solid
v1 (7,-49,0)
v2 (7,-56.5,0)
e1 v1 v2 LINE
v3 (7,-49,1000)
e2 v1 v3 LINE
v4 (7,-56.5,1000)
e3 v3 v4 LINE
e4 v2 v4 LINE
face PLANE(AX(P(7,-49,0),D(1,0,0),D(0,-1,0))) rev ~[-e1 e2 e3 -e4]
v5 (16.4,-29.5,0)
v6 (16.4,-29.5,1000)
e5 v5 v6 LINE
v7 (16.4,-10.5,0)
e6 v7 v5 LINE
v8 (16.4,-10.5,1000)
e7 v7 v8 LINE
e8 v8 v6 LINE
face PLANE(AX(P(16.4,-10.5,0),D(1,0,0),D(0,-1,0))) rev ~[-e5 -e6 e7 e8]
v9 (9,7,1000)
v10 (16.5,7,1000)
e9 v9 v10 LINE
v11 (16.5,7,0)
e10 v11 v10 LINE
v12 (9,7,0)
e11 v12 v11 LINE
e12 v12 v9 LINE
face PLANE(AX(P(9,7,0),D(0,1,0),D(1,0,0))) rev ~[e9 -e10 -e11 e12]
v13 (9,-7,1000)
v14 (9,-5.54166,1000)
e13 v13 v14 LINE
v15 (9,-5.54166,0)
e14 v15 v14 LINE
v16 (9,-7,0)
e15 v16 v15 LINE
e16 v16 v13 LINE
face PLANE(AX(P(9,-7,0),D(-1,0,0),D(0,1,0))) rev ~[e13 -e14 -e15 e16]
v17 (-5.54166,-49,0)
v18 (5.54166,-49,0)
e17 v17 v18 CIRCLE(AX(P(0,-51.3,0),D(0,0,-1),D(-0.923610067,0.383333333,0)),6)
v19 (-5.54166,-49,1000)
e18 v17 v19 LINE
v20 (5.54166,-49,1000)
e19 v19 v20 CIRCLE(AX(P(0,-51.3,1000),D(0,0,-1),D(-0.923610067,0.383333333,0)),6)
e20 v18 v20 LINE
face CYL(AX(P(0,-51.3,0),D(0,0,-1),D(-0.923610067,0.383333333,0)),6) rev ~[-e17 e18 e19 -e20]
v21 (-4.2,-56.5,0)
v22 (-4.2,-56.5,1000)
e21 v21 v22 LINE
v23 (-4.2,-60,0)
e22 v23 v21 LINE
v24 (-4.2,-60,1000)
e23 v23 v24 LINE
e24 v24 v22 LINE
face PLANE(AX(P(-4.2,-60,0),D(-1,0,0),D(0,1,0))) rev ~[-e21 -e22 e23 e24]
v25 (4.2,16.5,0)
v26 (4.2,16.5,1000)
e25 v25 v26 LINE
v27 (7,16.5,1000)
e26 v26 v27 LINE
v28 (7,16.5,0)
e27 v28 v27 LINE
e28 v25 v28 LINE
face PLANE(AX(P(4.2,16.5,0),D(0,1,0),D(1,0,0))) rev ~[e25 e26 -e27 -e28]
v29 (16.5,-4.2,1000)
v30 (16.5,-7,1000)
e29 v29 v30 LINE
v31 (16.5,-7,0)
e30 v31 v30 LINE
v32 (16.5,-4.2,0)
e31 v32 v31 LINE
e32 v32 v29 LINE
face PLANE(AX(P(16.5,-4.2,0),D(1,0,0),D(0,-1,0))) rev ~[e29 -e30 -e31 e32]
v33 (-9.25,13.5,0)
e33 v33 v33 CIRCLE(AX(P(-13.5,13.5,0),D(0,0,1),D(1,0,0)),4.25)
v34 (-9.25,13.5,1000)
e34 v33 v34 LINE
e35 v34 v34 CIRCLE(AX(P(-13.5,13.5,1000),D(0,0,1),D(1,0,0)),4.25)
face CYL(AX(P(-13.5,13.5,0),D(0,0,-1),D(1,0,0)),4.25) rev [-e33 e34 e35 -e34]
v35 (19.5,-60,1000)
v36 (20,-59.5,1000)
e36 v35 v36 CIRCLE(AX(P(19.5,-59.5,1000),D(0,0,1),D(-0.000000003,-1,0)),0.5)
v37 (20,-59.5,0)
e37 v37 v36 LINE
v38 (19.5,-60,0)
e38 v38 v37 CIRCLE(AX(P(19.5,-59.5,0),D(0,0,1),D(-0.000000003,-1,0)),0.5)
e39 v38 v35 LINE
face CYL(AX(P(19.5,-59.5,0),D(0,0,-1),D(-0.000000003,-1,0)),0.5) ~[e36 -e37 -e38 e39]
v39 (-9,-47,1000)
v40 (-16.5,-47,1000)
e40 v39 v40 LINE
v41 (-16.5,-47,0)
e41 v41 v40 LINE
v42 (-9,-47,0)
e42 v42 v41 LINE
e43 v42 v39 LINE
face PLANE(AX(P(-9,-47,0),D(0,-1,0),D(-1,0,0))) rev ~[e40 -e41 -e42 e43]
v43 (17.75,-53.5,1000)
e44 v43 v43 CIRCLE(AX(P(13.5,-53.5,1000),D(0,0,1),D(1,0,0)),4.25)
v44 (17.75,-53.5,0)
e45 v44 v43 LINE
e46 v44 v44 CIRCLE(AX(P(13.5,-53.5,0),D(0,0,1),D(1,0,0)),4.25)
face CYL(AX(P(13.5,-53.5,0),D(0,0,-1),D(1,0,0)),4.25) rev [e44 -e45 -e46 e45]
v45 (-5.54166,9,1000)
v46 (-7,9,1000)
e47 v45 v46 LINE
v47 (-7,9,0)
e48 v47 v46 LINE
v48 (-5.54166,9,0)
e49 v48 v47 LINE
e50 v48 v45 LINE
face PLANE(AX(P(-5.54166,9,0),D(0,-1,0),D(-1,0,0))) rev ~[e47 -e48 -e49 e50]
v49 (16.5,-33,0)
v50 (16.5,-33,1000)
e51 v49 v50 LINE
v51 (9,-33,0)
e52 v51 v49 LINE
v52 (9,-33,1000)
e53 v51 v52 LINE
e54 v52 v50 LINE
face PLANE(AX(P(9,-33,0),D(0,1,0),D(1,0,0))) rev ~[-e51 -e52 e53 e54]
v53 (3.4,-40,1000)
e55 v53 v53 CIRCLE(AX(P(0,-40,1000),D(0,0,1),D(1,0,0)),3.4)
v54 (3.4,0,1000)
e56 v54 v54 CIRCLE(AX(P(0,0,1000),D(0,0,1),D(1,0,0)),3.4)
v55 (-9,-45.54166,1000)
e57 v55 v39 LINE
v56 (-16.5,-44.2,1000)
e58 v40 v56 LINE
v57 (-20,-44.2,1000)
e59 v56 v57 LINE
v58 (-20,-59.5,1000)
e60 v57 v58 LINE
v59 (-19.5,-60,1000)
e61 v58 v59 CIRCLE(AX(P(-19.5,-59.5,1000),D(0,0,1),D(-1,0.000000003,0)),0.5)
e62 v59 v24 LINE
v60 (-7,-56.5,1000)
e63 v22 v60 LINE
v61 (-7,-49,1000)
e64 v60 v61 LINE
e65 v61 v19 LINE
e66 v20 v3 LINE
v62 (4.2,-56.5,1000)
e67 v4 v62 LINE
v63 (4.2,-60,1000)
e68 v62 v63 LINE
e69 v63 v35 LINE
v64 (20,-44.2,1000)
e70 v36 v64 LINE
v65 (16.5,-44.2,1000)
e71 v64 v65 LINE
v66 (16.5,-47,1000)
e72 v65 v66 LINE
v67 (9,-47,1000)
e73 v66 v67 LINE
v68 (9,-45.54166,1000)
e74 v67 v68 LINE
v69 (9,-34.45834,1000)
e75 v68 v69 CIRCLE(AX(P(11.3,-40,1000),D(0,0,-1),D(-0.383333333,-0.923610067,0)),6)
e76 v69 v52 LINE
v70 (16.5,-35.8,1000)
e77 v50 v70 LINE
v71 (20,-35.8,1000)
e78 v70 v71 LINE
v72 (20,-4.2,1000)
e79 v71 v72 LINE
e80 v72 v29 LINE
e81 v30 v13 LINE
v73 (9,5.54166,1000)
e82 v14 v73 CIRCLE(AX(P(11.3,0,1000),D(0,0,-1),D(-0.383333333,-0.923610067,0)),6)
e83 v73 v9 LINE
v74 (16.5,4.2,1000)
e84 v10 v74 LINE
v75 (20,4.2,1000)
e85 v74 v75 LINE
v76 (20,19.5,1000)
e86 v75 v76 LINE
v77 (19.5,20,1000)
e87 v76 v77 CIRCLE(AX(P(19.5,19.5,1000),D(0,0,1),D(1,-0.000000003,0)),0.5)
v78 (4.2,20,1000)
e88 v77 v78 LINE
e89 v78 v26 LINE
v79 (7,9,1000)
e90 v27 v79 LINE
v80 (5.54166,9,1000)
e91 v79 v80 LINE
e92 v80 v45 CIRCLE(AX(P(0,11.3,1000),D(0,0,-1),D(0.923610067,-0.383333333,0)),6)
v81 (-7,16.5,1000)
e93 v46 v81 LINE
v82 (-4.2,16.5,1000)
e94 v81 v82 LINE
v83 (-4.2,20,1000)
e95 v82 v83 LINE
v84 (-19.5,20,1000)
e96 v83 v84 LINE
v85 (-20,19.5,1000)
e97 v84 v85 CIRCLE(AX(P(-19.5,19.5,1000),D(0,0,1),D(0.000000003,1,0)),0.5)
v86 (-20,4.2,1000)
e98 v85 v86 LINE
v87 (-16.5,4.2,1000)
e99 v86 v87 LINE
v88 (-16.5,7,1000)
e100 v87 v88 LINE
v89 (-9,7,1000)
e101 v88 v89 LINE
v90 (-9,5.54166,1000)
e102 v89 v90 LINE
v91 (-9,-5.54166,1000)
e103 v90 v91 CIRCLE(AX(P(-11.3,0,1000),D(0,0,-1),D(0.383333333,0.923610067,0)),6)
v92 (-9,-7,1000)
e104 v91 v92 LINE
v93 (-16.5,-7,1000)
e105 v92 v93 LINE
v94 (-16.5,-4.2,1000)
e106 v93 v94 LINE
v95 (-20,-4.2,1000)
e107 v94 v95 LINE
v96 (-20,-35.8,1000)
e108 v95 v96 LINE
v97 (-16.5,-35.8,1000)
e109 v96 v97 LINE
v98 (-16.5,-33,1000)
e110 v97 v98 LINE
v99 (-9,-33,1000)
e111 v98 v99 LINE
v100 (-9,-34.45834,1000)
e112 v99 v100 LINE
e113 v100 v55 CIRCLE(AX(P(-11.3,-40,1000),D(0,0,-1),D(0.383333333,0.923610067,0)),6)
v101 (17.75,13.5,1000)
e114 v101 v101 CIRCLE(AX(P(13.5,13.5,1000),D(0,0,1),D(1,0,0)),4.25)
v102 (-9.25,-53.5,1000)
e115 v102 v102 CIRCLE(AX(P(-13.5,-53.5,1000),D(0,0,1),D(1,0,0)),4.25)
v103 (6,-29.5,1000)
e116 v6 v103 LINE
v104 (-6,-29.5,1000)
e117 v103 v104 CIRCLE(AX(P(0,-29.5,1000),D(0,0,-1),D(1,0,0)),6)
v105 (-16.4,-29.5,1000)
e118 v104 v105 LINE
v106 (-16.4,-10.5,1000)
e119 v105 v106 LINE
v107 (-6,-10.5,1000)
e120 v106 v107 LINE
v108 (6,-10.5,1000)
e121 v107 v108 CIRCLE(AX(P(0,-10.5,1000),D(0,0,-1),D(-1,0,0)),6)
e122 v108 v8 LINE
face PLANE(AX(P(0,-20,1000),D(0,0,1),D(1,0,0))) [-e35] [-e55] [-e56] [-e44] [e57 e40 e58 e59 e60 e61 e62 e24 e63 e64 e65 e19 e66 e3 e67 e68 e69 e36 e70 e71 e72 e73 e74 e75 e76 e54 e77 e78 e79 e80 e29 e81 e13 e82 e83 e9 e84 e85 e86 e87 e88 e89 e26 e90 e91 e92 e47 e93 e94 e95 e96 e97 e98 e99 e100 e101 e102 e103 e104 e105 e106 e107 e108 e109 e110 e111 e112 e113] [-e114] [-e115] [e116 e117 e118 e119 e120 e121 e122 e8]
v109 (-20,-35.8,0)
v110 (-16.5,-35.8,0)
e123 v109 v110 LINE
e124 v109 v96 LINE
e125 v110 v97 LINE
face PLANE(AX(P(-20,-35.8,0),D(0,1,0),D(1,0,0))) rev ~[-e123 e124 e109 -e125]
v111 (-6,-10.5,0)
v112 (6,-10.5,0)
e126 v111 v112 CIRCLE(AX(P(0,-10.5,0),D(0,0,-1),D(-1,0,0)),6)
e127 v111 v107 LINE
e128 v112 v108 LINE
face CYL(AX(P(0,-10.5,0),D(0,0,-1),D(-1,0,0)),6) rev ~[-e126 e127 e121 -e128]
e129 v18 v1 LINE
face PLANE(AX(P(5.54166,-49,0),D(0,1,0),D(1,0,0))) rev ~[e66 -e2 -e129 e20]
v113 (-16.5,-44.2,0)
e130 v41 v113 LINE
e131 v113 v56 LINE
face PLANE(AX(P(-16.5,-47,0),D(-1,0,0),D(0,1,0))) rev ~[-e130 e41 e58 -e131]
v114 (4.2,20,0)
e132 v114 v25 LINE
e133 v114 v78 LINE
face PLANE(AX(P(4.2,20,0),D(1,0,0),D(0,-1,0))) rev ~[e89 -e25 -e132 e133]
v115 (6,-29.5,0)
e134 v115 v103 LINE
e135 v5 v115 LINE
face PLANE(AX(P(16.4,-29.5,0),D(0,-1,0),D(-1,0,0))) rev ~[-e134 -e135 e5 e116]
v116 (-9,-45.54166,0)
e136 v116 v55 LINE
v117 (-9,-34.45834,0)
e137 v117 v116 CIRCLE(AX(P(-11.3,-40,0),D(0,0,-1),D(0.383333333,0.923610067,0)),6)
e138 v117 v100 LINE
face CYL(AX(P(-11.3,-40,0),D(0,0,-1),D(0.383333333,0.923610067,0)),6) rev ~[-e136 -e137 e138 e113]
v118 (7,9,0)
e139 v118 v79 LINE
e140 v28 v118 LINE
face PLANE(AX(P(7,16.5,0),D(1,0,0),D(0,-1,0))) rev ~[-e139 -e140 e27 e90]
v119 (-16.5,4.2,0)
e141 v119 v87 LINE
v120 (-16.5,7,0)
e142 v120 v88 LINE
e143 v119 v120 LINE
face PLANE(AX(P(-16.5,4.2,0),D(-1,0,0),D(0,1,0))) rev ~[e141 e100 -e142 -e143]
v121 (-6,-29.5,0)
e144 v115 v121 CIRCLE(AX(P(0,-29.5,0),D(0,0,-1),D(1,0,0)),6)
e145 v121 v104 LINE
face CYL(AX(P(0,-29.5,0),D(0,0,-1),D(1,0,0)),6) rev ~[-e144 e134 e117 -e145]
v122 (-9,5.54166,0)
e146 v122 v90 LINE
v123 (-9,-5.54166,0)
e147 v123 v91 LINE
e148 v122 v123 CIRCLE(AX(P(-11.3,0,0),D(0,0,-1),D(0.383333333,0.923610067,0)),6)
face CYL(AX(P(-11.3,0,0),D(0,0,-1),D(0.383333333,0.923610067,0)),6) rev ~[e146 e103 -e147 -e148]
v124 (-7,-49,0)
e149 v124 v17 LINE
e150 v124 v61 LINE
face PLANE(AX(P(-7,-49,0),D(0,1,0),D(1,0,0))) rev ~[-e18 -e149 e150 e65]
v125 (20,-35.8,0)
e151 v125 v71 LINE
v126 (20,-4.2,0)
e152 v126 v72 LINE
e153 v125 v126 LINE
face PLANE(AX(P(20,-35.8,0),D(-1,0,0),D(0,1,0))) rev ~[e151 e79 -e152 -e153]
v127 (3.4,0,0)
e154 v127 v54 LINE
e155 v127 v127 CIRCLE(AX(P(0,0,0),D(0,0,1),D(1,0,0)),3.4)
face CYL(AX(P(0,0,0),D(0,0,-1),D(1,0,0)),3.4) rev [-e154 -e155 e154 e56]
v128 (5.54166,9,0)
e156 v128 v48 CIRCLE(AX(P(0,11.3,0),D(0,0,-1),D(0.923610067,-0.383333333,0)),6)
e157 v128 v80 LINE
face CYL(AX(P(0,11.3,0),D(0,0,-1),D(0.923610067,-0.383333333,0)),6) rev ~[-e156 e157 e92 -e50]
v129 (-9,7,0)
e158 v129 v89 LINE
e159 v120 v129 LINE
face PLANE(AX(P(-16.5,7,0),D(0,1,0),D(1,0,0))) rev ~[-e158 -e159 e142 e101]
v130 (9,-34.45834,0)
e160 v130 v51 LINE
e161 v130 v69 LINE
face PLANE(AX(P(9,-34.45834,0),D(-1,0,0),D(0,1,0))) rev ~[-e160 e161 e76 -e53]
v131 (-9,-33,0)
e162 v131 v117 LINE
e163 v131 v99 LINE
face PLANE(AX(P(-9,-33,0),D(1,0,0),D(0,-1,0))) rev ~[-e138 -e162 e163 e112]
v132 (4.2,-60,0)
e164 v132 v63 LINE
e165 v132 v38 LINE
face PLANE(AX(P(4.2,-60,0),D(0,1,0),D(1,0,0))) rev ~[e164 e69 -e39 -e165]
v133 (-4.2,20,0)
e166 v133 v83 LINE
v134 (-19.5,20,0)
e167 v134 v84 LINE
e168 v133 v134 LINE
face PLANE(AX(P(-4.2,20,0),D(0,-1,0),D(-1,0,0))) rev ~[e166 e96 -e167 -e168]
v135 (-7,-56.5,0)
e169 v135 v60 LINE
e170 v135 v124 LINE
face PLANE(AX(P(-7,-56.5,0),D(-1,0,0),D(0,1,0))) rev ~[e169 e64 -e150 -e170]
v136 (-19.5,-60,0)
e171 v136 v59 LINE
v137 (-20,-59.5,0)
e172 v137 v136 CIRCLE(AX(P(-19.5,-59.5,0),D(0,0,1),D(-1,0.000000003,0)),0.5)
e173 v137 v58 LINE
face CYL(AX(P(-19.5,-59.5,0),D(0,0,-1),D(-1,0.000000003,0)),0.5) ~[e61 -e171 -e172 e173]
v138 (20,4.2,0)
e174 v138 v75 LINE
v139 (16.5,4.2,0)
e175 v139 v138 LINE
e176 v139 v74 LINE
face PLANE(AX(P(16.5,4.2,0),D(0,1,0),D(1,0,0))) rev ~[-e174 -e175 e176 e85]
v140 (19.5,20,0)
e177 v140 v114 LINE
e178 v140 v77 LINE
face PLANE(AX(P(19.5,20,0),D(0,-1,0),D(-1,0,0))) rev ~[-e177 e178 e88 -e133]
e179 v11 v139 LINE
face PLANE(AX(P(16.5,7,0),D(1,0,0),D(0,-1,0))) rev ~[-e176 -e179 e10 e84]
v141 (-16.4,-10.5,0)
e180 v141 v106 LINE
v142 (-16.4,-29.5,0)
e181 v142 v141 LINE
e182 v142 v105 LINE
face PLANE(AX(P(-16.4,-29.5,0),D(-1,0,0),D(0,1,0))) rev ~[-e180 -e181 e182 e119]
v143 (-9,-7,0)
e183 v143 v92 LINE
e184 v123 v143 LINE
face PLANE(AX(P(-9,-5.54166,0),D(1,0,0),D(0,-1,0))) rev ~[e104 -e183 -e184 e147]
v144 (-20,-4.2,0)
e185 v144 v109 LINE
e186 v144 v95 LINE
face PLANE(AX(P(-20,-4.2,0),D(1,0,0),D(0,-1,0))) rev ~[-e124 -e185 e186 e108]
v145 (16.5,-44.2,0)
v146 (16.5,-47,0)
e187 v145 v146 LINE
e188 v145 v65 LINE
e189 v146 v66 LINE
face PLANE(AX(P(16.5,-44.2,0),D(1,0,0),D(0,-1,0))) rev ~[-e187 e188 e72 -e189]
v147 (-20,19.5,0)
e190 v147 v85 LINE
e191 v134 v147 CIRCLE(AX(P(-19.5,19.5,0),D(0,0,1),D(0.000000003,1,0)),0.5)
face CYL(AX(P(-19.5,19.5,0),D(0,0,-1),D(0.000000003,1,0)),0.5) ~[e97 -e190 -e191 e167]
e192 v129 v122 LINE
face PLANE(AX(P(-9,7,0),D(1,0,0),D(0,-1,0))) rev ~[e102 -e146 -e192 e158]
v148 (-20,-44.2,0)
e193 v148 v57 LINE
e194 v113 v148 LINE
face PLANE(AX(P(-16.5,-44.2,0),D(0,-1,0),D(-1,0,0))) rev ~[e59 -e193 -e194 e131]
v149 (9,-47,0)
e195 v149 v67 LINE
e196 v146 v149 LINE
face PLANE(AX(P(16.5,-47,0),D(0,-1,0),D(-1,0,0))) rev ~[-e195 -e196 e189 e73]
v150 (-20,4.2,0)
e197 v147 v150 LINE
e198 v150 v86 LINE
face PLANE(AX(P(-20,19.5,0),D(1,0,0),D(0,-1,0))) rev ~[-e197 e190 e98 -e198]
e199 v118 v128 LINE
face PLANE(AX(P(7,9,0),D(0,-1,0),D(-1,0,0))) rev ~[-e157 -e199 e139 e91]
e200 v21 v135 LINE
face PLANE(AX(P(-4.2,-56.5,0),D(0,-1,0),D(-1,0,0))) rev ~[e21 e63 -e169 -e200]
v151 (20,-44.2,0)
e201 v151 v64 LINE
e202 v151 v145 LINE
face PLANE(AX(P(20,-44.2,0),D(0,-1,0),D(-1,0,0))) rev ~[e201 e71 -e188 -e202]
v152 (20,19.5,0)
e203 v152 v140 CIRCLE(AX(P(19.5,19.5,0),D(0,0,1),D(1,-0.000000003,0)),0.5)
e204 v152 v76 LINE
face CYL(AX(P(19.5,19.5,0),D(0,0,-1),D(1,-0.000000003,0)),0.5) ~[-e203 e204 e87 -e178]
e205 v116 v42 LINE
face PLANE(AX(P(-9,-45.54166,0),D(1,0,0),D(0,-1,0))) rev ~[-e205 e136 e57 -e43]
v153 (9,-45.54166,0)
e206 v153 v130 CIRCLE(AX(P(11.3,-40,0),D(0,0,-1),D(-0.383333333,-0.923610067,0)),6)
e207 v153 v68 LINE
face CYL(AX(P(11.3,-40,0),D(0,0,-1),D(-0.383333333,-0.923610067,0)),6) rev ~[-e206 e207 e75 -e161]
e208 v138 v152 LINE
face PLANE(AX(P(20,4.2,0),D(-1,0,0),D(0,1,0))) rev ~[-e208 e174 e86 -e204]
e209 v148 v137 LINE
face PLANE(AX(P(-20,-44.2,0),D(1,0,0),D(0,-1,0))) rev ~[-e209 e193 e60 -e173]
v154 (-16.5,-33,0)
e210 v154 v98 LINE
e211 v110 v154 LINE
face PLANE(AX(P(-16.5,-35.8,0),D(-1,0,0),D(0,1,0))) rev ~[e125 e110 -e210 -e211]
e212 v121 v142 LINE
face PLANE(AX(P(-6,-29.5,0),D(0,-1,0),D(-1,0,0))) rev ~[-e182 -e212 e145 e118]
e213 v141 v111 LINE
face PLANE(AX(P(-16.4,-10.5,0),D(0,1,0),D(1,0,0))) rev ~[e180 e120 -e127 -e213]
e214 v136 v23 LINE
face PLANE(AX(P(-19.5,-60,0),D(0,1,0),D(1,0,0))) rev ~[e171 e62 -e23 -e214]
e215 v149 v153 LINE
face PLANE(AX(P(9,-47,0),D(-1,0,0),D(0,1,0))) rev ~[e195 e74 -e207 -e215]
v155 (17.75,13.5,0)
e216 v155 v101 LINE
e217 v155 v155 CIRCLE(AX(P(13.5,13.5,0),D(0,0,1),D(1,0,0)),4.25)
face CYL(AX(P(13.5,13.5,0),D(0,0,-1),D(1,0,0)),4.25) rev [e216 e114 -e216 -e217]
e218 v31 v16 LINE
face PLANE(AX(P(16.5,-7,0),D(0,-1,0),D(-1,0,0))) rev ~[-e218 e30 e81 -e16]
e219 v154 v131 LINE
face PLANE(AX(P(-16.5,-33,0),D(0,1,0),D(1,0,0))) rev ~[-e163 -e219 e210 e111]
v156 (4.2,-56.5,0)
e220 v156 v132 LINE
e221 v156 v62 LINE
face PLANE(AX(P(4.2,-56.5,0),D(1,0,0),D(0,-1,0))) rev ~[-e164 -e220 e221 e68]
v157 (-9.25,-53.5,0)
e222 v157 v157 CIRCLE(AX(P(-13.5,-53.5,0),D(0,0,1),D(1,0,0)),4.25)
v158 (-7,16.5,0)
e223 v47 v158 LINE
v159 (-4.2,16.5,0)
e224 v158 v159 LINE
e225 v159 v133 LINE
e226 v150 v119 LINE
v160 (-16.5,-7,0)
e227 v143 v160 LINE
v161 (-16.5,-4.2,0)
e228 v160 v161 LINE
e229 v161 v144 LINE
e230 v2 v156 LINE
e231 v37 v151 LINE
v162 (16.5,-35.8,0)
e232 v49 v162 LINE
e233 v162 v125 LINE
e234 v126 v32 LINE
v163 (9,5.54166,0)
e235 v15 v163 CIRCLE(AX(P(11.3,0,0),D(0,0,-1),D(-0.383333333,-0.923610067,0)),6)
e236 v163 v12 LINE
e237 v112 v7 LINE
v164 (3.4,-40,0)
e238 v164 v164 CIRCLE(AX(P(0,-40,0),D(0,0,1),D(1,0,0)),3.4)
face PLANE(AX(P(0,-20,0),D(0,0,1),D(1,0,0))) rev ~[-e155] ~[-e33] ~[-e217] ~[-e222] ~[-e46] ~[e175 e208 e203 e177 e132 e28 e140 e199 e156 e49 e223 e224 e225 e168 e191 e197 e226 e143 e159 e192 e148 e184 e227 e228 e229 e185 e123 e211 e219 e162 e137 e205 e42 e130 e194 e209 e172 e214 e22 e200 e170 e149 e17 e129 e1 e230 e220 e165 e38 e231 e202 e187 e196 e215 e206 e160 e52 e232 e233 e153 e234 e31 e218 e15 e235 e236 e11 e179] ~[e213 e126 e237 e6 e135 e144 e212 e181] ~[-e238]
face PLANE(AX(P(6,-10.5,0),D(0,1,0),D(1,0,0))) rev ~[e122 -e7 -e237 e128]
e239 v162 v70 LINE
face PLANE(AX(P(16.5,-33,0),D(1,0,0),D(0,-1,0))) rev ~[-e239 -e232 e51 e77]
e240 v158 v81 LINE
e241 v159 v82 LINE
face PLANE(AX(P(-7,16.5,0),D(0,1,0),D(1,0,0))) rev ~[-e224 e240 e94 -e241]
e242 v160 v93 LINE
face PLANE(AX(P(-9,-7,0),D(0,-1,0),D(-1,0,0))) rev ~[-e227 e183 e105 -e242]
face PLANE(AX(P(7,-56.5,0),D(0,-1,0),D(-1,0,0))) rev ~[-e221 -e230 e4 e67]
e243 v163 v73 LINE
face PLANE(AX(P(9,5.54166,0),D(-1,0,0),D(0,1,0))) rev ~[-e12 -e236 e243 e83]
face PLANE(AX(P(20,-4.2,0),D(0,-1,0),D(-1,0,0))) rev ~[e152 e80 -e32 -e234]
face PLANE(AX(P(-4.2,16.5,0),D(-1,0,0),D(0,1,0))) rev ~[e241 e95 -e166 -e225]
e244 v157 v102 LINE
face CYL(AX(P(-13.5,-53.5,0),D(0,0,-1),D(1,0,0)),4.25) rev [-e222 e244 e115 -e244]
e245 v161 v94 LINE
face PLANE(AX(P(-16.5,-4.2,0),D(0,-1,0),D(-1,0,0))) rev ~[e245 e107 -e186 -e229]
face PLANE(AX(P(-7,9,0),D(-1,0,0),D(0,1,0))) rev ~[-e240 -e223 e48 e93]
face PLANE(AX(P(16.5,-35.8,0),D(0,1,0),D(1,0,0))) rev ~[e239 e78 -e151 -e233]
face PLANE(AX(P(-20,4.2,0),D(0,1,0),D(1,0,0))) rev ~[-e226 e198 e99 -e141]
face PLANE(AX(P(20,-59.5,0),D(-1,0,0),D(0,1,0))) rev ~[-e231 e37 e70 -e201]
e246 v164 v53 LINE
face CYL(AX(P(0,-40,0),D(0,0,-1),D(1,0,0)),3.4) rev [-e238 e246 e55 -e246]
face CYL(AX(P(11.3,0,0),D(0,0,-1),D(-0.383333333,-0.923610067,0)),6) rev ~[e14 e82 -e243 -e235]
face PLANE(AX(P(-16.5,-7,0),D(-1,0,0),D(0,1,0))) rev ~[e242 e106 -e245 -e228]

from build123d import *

# Parameters (mm, degrees)
SKETCH_1_R      = 4.25
SKETCH_1_R_2    = 3.4
EXTRUDE_1_DEPTH = 1000


with BuildPart() as part:
    # Эскиз1 → Бобышка-Вытянуть1 (new body)
    with BuildSketch(Plane.XY):
        with BuildLine():
            Line((-20, 19.5), (-20, 7))
            Line((-20, 7), (-20, 4.2))
            Line((-20, 4.2), (-16.5, 4.2))
            Line((-16.5, 4.2), (-16.5, 7))
            Line((-16.5, 7), (-9, 7))
            Line((-9, 7), (-9, 5.541660401))
            ThreePointArc((-9, 5.541660401), (-5.3, 0), (-9, -5.541660401))
            Line((-9, -5.541660401), (-9, -7))
            Line((-9, -7), (-16.5, -7))
            Line((-16.5, -7), (-16.5, -4.2))
            Line((-16.5, -4.2), (-20, -4.2))
            Line((-20, -4.2), (-20, -7))
            Line((-20, -7), (-20, -33))
            Line((-20, -33), (-20, -35.8))
            Line((-20, -35.8), (-16.5, -35.8))
            Line((-16.5, -35.8), (-16.5, -33))
            Line((-16.5, -33), (-9, -33))
            Line((-9, -33), (-9, -34.458339599))
            ThreePointArc((-9, -34.458339599), (-5.3, -40), (-9, -45.541660401))
            Line((-9, -45.541660401), (-9, -47))
            Line((-9, -47), (-16.5, -47))
            Line((-16.5, -47), (-16.5, -44.2))
            Line((-16.5, -44.2), (-20, -44.2))
            Line((-20, -44.2), (-20, -47))
            Line((-20, -47), (-20, -59.5))
            ThreePointArc((-20, -59.5), (-19.853553391, -59.853553391), (-19.5, -60))
            Line((-19.5, -60), (-7, -60))
            Line((-7, -60), (-4.2, -60))
            Line((-4.2, -60), (-4.2, -56.5))
            Line((-4.2, -56.5), (-7, -56.5))
            Line((-7, -56.5), (-7, -49))
            Line((-7, -49), (-5.541660401, -49))
            ThreePointArc((-5.541660401, -49), (0, -45.3), (5.541660401, -49))
            Line((5.541660401, -49), (7, -49))
            Line((7, -49), (7, -56.5))
            Line((7, -56.5), (4.2, -56.5))
            Line((4.2, -56.5), (4.2, -60))
            Line((4.2, -60), (7, -60))
            Line((7, -60), (19.5, -60))
            ThreePointArc((19.5, -60), (19.853553391, -59.853553391), (20, -59.5))
            Line((20, -59.5), (20, -47))
            Line((20, -47), (20, -44.2))
            Line((20, -44.2), (16.5, -44.2))
            Line((16.5, -44.2), (16.5, -47))
            Line((16.5, -47), (9, -47))
            Line((9, -47), (9, -45.541660401))
            ThreePointArc((9, -45.541660401), (5.3, -40), (9, -34.458339599))
            Line((9, -34.458339599), (9, -33))
            Line((9, -33), (16.5, -33))
            Line((16.5, -33), (16.5, -35.8))
            Line((16.5, -35.8), (20, -35.8))
            Line((20, -35.8), (20, -33))
            Line((20, -33), (20, -7))
            Line((20, -7), (20, -4.2))
            Line((20, -4.2), (16.5, -4.2))
            Line((16.5, -4.2), (16.5, -7))
            Line((16.5, -7), (9, -7))
            Line((9, -7), (9, -5.541660401))
            ThreePointArc((9, -5.541660401), (5.3, 0), (9, 5.541660401))
            Line((9, 5.541660401), (9, 7))
            Line((9, 7), (16.5, 7))
            Line((16.5, 7), (16.5, 4.2))
            Line((16.5, 4.2), (20, 4.2))
            Line((20, 4.2), (20, 7))
            Line((20, 7), (20, 19.5))
            ThreePointArc((20, 19.5), (19.853553391, 19.853553391), (19.5, 20))
            Line((19.5, 20), (7, 20))
            Line((7, 20), (4.2, 20))
            Line((4.2, 20), (4.2, 16.5))
            Line((4.2, 16.5), (7, 16.5))
            Line((7, 16.5), (7, 9))
            Line((7, 9), (5.541660401, 9))
            ThreePointArc((5.541660401, 9), (0, 5.3), (-5.541660401, 9))
            Line((-5.541660401, 9), (-7, 9))
            Line((-7, 9), (-7, 16.5))
            Line((-7, 16.5), (-4.2, 16.5))
            Line((-4.2, 16.5), (-4.2, 20))
            Line((-4.2, 20), (-7, 20))
            Line((-7, 20), (-19.5, 20))
            ThreePointArc((-19.5, 20), (-19.853553391, 19.853553391), (-20, 19.5))
        make_face()
        with Locations((-13.5, -53.5)):
            Circle(SKETCH_1_R, mode=Mode.SUBTRACT)
        with Locations((13.5, -53.5)):
            Circle(SKETCH_1_R, mode=Mode.SUBTRACT)
        with Locations((0, -40)):
            Circle(SKETCH_1_R_2, mode=Mode.SUBTRACT)
        with Locations((-13.5, 13.5)):
            Circle(SKETCH_1_R, mode=Mode.SUBTRACT)
        with BuildLine():
            Line((16.4, -10.5), (16.4, -29.5))
            Line((16.4, -29.5), (6, -29.5))
            ThreePointArc((6, -29.5), (0, -35.5), (-6, -29.5))
            Line((-6, -29.5), (-16.4, -29.5))
            Line((-16.4, -29.5), (-16.4, -10.5))
            Line((-16.4, -10.5), (-6, -10.5))
            ThreePointArc((-6, -10.5), (0, -4.5), (6, -10.5))
            Line((6, -10.5), (16.4, -10.5))
        make_face(mode=Mode.SUBTRACT)
        Circle(SKETCH_1_R_2, mode=Mode.SUBTRACT)
        with Locations((13.5, 13.5)):
            Circle(SKETCH_1_R, mode=Mode.SUBTRACT)
    extrude(amount=EXTRUDE_1_DEPTH)


solid = part.part
